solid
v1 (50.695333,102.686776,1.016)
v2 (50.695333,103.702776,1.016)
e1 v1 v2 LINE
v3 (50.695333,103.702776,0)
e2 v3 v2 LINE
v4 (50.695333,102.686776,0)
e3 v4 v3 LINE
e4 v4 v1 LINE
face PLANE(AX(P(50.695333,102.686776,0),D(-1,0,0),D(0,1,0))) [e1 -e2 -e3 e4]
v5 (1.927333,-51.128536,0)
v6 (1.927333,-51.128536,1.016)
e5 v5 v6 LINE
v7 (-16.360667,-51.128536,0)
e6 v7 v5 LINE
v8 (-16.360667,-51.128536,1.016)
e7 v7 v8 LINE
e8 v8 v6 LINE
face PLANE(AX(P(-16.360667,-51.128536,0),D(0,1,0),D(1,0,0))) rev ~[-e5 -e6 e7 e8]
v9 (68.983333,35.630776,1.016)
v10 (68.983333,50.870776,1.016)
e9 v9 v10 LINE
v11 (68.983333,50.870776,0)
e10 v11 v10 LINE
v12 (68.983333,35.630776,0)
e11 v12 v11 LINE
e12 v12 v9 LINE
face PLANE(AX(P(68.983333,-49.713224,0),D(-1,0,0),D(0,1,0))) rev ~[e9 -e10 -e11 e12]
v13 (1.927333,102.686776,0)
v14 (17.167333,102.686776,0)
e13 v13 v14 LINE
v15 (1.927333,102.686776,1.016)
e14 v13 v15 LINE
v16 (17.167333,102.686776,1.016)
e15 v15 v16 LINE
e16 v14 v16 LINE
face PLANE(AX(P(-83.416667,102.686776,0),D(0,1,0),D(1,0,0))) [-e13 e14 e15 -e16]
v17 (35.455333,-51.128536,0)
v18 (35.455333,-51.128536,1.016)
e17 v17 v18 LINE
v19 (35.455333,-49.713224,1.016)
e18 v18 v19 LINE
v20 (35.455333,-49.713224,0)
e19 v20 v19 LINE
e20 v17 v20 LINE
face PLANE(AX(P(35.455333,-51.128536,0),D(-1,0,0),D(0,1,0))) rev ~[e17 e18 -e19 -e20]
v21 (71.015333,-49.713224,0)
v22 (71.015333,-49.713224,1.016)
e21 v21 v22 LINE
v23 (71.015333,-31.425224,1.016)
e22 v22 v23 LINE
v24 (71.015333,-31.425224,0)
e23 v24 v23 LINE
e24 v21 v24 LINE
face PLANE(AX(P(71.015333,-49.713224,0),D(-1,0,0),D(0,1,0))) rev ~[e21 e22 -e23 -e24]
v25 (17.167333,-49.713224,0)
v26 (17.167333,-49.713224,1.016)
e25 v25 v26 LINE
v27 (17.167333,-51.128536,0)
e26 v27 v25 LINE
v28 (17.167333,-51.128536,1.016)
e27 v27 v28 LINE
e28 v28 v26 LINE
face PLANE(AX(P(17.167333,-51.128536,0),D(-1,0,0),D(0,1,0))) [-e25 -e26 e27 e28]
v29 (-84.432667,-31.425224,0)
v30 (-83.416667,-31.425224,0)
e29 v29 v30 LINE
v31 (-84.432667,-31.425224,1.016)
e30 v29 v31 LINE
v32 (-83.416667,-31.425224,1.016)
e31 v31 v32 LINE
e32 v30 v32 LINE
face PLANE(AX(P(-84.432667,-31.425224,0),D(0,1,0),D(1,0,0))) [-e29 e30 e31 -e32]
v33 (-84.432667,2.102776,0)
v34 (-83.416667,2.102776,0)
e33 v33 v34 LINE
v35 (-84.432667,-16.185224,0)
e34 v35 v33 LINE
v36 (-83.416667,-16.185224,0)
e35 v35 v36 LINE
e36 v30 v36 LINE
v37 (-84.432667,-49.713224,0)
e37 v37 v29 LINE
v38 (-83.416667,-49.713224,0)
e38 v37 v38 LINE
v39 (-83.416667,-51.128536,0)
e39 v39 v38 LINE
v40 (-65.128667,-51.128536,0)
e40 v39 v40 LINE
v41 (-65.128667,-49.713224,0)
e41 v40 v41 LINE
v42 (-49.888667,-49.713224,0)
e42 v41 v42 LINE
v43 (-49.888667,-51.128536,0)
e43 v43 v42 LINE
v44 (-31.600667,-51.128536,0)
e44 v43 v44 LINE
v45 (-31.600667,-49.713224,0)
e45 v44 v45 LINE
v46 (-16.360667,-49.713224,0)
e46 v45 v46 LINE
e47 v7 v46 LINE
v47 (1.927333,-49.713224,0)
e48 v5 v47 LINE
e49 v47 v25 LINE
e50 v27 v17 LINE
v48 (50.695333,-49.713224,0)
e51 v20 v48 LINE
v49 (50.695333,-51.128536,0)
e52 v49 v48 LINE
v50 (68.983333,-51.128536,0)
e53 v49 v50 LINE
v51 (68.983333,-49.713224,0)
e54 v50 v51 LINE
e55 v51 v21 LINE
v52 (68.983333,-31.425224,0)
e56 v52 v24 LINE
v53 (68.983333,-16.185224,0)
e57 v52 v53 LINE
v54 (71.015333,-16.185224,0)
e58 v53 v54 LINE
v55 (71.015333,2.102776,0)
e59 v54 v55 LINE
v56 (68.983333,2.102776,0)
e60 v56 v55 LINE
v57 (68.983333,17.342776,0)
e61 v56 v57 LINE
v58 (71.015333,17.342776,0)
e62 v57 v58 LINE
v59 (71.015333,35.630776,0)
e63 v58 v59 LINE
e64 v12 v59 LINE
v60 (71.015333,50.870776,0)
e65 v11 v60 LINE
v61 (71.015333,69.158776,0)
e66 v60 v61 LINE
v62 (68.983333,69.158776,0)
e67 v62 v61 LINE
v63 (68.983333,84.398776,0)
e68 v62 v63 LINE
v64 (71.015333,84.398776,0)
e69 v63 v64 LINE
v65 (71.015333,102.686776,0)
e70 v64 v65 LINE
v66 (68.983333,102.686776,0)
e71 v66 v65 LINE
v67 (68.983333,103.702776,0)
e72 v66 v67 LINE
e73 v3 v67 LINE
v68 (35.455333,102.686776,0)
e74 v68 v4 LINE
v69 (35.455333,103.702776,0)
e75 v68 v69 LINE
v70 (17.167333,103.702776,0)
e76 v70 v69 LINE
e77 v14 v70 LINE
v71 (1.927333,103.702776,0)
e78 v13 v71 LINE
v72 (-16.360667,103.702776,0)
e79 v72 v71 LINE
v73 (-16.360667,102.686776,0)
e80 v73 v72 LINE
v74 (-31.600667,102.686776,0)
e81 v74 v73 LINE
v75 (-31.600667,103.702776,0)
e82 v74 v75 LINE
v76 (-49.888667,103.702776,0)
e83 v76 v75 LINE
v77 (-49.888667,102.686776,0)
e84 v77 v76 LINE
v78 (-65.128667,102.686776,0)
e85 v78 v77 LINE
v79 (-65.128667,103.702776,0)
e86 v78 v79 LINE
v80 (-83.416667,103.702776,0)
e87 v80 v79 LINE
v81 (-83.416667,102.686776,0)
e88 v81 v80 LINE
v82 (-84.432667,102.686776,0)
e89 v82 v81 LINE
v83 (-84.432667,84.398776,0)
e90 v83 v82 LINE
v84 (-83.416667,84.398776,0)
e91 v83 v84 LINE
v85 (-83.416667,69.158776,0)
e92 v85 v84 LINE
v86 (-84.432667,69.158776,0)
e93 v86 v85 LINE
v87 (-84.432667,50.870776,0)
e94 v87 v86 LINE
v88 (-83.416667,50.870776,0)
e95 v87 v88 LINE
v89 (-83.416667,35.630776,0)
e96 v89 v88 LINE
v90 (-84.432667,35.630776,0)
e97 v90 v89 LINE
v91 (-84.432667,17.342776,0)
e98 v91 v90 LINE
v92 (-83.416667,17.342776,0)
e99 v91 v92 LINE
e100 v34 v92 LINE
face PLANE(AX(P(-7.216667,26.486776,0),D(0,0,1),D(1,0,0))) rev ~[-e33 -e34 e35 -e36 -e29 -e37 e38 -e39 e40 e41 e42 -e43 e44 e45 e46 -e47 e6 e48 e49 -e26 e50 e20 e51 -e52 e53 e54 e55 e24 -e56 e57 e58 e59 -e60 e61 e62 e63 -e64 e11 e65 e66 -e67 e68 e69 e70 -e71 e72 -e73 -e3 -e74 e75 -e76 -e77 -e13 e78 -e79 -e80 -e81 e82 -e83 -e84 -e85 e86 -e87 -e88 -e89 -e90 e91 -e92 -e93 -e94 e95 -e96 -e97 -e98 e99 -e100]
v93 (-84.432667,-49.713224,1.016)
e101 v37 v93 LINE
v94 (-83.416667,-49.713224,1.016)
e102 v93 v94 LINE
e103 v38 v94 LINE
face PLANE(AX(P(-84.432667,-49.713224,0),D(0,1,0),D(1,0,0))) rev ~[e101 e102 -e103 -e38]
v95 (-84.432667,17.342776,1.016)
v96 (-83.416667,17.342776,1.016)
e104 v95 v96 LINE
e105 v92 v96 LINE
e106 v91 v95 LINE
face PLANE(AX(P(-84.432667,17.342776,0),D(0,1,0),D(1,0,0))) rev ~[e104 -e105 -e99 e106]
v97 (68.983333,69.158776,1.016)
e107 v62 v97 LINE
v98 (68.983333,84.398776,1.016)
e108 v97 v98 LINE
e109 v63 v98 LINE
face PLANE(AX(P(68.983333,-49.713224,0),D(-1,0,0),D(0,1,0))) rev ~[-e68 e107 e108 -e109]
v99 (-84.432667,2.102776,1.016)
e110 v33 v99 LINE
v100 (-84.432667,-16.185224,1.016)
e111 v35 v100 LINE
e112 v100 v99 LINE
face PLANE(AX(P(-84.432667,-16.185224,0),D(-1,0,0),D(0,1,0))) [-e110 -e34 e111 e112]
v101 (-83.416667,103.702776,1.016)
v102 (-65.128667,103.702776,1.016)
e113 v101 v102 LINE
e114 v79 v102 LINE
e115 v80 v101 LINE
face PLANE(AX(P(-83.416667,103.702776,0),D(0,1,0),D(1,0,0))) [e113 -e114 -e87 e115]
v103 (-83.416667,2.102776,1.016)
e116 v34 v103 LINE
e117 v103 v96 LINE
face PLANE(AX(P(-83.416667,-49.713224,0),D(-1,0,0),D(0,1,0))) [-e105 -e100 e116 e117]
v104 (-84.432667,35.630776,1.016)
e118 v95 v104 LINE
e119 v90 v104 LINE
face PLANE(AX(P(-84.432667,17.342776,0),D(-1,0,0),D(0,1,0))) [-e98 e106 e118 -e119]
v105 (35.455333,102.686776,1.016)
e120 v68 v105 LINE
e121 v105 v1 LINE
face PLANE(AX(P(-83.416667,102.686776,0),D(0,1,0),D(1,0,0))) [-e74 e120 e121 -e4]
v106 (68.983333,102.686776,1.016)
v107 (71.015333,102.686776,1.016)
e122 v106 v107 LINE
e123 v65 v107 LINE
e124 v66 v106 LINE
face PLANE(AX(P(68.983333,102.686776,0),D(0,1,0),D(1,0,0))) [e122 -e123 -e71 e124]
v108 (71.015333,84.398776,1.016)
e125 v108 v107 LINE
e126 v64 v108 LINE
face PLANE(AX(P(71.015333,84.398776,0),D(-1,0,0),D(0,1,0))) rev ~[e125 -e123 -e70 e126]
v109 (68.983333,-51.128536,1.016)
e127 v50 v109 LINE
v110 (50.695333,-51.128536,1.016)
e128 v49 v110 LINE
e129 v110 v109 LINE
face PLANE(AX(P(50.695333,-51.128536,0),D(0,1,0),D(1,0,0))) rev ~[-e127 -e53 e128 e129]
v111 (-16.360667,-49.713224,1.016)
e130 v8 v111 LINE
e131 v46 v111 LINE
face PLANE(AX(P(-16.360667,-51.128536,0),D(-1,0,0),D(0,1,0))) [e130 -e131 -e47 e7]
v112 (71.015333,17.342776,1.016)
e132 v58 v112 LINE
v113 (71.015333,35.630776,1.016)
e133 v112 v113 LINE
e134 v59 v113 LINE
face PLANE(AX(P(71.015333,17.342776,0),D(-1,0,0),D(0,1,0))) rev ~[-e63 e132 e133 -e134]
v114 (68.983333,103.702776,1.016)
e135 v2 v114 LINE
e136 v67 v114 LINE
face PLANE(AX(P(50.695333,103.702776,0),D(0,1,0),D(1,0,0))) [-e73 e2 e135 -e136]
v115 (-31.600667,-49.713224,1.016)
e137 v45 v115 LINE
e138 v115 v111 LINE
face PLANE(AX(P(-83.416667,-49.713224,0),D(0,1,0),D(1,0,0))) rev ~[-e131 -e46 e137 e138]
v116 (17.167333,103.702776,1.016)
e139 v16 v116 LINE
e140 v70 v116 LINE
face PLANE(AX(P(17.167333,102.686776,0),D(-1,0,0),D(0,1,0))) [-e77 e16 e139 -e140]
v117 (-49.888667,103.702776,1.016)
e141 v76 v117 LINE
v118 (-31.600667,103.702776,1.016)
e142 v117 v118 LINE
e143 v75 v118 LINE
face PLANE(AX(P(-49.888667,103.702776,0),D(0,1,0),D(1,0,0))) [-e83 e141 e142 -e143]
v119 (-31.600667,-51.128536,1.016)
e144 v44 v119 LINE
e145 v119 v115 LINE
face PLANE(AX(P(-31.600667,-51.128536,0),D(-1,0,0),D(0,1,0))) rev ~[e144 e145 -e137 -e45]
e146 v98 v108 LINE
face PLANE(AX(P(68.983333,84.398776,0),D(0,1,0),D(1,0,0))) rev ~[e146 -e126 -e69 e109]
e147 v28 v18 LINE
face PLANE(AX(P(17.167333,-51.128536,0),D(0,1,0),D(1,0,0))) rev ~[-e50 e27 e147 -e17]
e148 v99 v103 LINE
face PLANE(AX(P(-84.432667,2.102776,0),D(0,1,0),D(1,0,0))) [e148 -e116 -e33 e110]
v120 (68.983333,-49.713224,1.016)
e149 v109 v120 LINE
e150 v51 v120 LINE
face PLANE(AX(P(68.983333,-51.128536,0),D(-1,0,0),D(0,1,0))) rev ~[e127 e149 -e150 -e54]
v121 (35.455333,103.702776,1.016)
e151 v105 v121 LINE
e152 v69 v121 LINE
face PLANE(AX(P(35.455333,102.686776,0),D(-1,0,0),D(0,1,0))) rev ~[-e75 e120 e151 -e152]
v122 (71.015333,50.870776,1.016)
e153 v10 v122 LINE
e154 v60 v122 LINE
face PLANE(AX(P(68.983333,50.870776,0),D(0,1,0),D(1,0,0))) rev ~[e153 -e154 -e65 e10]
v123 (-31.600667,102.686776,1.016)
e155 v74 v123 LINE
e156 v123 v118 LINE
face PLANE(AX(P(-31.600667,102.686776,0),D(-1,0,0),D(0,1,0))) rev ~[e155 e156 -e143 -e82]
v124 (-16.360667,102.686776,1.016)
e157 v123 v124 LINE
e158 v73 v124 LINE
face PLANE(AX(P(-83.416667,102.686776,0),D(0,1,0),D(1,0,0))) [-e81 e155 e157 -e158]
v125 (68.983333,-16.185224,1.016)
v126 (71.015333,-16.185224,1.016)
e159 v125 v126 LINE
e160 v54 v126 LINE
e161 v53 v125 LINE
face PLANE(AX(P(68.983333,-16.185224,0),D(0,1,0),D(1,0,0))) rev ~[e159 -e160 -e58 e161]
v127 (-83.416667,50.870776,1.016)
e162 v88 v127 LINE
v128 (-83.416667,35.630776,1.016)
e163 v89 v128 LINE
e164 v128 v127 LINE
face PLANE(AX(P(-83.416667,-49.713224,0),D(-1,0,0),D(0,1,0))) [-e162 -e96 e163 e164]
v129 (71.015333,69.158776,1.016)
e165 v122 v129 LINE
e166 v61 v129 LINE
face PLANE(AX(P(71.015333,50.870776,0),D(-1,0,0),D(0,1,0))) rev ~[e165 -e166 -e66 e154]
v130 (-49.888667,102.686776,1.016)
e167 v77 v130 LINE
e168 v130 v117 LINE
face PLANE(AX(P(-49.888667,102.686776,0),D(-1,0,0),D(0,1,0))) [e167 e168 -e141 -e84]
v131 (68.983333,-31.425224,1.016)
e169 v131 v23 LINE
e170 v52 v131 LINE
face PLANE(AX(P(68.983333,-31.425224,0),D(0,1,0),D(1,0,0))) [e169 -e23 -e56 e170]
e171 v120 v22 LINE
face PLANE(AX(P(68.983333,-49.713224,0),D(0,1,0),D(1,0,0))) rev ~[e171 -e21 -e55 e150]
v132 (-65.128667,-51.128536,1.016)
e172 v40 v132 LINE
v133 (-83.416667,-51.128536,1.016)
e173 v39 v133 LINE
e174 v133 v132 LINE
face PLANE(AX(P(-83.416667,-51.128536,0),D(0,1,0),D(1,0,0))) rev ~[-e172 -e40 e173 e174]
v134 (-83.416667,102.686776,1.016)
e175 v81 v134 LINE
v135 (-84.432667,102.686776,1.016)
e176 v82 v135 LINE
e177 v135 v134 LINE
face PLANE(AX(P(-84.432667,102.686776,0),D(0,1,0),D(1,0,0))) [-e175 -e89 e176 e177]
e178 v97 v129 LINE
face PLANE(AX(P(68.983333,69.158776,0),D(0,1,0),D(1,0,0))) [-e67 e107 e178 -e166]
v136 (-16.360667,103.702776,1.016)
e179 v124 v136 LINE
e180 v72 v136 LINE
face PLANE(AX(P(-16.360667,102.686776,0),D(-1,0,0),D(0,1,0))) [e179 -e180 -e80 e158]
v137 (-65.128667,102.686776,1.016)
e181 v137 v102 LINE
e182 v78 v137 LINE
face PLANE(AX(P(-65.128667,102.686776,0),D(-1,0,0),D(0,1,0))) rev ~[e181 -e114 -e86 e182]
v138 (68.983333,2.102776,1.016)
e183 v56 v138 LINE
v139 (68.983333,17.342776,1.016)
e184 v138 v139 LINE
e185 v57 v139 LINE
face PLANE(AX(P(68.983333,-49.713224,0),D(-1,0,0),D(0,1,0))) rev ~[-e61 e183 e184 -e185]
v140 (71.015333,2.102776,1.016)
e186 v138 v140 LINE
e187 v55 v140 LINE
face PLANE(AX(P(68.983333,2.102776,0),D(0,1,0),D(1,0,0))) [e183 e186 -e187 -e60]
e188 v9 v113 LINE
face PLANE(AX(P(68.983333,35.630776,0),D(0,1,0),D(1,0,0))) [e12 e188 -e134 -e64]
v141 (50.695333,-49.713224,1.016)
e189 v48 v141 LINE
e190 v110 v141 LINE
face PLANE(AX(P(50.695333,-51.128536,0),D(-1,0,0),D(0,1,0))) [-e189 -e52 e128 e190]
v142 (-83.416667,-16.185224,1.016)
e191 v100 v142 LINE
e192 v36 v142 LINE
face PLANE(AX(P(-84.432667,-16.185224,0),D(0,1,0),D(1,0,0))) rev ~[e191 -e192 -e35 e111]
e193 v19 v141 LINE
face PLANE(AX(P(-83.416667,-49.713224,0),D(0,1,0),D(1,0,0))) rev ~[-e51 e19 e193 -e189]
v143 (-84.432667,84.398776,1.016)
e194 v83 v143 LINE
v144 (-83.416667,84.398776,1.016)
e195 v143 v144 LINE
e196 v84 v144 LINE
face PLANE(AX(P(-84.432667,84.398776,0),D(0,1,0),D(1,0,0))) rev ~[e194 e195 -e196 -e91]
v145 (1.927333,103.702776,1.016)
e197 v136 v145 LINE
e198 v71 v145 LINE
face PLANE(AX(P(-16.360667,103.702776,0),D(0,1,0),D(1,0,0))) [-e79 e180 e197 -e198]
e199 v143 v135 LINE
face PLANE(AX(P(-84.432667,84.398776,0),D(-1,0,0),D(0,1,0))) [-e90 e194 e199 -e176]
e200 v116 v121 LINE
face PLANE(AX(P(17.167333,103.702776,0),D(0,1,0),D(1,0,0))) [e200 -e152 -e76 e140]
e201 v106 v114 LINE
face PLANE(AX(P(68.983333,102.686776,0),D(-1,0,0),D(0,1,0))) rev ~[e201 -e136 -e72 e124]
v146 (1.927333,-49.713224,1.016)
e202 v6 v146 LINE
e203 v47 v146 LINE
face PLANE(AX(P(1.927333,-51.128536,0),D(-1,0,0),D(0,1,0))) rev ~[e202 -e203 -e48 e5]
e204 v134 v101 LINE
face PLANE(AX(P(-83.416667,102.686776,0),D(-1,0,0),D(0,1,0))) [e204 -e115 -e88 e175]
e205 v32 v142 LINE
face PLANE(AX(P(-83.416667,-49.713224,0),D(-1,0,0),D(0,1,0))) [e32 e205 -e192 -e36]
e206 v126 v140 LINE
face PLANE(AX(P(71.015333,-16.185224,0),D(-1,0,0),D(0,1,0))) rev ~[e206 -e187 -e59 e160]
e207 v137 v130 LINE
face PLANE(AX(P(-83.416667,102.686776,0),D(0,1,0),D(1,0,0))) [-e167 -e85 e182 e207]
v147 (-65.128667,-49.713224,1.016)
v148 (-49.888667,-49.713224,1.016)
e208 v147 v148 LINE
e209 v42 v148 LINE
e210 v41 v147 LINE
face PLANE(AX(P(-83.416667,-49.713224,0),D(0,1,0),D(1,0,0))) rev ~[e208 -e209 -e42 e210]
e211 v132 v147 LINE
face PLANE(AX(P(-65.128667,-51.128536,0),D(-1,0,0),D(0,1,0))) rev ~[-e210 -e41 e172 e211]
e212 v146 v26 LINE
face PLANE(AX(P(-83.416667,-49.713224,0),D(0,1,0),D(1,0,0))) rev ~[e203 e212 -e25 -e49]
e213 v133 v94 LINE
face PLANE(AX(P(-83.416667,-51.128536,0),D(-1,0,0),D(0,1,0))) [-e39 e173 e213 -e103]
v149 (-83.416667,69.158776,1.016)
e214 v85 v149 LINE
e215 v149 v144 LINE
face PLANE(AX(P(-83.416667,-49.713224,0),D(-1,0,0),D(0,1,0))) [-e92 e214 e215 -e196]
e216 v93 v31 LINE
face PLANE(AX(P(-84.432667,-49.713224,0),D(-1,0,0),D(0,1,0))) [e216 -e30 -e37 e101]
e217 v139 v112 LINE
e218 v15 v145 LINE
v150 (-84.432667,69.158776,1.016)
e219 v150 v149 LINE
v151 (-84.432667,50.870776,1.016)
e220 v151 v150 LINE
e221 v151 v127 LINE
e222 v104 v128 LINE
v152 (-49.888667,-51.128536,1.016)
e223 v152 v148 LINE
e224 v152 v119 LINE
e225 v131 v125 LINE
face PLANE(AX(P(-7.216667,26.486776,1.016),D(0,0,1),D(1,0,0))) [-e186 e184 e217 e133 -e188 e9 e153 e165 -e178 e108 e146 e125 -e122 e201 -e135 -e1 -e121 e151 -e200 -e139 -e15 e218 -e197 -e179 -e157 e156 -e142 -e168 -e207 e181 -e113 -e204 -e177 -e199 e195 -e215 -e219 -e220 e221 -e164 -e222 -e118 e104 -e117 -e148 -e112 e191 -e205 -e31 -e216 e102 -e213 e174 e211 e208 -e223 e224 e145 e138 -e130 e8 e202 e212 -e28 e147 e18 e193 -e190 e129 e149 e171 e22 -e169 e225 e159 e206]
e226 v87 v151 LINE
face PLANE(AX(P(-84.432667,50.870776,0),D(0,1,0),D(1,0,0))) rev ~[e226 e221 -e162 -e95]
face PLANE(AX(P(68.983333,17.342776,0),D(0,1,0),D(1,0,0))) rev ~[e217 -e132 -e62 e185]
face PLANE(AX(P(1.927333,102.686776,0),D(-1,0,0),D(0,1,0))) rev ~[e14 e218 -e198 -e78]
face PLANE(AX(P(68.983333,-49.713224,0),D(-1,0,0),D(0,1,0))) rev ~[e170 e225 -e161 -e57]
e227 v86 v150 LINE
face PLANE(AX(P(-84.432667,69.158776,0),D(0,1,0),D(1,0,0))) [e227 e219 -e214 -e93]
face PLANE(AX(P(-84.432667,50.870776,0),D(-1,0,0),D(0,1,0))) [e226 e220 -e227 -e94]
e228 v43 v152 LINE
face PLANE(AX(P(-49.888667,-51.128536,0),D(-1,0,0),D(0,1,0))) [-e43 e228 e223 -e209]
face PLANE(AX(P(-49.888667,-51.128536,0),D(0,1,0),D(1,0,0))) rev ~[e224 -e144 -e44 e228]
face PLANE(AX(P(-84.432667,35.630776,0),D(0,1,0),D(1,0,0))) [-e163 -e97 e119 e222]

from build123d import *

# Parameters (mm, degrees)
SKETCH1_W           = 152.4
SKETCH1_H           = 152.4
SKETCH1_W_2         = 127
SKETCH1_H_2         = 127
SKETCH1_W_3         = 18.288
SKETCH1_H_3         = 1.016
SKETCH1_W_4         = 2.032
SKETCH1_H_4         = 18.288
SKETCH1_W_5         = 1.016
SKETCH1_H_5         = 1.415312077
BOSS_EXTRUDE1_DEPTH = 1.016


with BuildPart() as part:
    # Sketch1 → Boss-Extrude1 (new body)
    # profile 1 of 22: a face of its own
    with BuildSketch(Plane.XY):
        with Locations((-7.216666869, 26.486776145)):
            Rectangle(SKETCH1_W, SKETCH1_H)
        with Locations((-7.216666869, 26.486776145)):
            Rectangle(SKETCH1_W_2, SKETCH1_H_2, mode=Mode.SUBTRACT)
    # profile 2 of 22: a face of its own
    with BuildSketch(Plane.XY):
        with Locations((59.839333131, 103.194776145)):
            Rectangle(SKETCH1_W_3, SKETCH1_H_3)
    # profile 3 of 22: a face of its own
    with BuildSketch(Plane.XY):
        with Locations((69.999333131, 93.542776145)):
            Rectangle(SKETCH1_W_4, SKETCH1_H_4)
    # profile 4 of 22: a face of its own
    with BuildSketch(Plane.XY):
        with Locations((26.311333131, 103.194776145)):
            Rectangle(SKETCH1_W_3, SKETCH1_H_3)
    # profile 5 of 22: a face of its own
    with BuildSketch(Plane.XY):
        with Locations((-7.216666869, 103.194776145)):
            Rectangle(SKETCH1_W_3, SKETCH1_H_3)
    # profile 6 of 22: a face of its own
    with BuildSketch(Plane.XY):
        with Locations((-40.744666869, 103.194776145)):
            Rectangle(SKETCH1_W_3, SKETCH1_H_3)
    # profile 7 of 22: a face of its own
    with BuildSketch(Plane.XY):
        with Locations((-74.272666869, 103.194776145)):
            Rectangle(SKETCH1_W_3, SKETCH1_H_3)
    # profile 8 of 22: a face of its own
    with BuildSketch(Plane.XY):
        with Locations((-83.924666869, 93.542776145)):
            Rectangle(SKETCH1_W_5, SKETCH1_H_4)
    # profile 9 of 22: a face of its own
    with BuildSketch(Plane.XY):
        with Locations((-83.924666869, 60.014776145)):
            Rectangle(SKETCH1_W_5, SKETCH1_H_4)
    # profile 10 of 22: a face of its own
    with BuildSketch(Plane.XY):
        with Locations((-83.924666869, -40.569223855)):
            Rectangle(SKETCH1_W_5, SKETCH1_H_4)
    # profile 11 of 22: a face of its own
    with BuildSketch(Plane.XY):
        with Locations((-74.272666869, -50.420879894)):
            Rectangle(SKETCH1_W_3, SKETCH1_H_5)
    # profile 12 of 22: a face of its own
    with BuildSketch(Plane.XY):
        with Locations((-40.744666869, -50.420879894)):
            Rectangle(SKETCH1_W_3, SKETCH1_H_5)
    # profile 13 of 22: a face of its own
    with BuildSketch(Plane.XY):
        with Locations((26.311333131, -50.420879894)):
            Rectangle(SKETCH1_W_3, SKETCH1_H_5)
    # profile 14 of 22: a face of its own
    with BuildSketch(Plane.XY):
        with Locations((-7.216666869, -50.420879894)):
            Rectangle(SKETCH1_W_3, SKETCH1_H_5)
    # profile 15 of 22: a face of its own
    with BuildSketch(Plane.XY):
        with Locations((59.839333131, -50.420879894)):
            Rectangle(SKETCH1_W_3, SKETCH1_H_5)
    # profile 16 of 22: a face of its own
    with BuildSketch(Plane.XY):
        with Locations((69.999333131, -40.569223855)):
            Rectangle(SKETCH1_W_4, SKETCH1_H_4)
    # profile 17 of 22: a face of its own
    with BuildSketch(Plane.XY):
        with Locations((69.999333131, -7.041223855)):
            Rectangle(SKETCH1_W_4, SKETCH1_H_4)
    # profile 18 of 22: a face of its own
    with BuildSketch(Plane.XY):
        with Locations((69.999333131, 26.486776145)):
            Rectangle(SKETCH1_W_4, SKETCH1_H_4)
    # profile 19 of 22: a face of its own
    with BuildSketch(Plane.XY):
        with Locations((69.999333131, 60.014776145)):
            Rectangle(SKETCH1_W_4, SKETCH1_H_4)
    # profile 20 of 22: a face of its own
    with BuildSketch(Plane.XY):
        with Locations((-7.216666869, 26.486776145)):
            Rectangle(SKETCH1_W_2, SKETCH1_H_2)
    # profile 21 of 22: a face of its own
    with BuildSketch(Plane.XY):
        with Locations((-83.924666869, 26.486776145)):
            Rectangle(SKETCH1_W_5, SKETCH1_H_4)
    # profile 22 of 22: a face of its own
    with BuildSketch(Plane.XY):
        with Locations((-83.924666869, -7.041223855)):
            Rectangle(SKETCH1_W_5, SKETCH1_H_4)
    extrude(amount=BOSS_EXTRUDE1_DEPTH)


solid = part.part
